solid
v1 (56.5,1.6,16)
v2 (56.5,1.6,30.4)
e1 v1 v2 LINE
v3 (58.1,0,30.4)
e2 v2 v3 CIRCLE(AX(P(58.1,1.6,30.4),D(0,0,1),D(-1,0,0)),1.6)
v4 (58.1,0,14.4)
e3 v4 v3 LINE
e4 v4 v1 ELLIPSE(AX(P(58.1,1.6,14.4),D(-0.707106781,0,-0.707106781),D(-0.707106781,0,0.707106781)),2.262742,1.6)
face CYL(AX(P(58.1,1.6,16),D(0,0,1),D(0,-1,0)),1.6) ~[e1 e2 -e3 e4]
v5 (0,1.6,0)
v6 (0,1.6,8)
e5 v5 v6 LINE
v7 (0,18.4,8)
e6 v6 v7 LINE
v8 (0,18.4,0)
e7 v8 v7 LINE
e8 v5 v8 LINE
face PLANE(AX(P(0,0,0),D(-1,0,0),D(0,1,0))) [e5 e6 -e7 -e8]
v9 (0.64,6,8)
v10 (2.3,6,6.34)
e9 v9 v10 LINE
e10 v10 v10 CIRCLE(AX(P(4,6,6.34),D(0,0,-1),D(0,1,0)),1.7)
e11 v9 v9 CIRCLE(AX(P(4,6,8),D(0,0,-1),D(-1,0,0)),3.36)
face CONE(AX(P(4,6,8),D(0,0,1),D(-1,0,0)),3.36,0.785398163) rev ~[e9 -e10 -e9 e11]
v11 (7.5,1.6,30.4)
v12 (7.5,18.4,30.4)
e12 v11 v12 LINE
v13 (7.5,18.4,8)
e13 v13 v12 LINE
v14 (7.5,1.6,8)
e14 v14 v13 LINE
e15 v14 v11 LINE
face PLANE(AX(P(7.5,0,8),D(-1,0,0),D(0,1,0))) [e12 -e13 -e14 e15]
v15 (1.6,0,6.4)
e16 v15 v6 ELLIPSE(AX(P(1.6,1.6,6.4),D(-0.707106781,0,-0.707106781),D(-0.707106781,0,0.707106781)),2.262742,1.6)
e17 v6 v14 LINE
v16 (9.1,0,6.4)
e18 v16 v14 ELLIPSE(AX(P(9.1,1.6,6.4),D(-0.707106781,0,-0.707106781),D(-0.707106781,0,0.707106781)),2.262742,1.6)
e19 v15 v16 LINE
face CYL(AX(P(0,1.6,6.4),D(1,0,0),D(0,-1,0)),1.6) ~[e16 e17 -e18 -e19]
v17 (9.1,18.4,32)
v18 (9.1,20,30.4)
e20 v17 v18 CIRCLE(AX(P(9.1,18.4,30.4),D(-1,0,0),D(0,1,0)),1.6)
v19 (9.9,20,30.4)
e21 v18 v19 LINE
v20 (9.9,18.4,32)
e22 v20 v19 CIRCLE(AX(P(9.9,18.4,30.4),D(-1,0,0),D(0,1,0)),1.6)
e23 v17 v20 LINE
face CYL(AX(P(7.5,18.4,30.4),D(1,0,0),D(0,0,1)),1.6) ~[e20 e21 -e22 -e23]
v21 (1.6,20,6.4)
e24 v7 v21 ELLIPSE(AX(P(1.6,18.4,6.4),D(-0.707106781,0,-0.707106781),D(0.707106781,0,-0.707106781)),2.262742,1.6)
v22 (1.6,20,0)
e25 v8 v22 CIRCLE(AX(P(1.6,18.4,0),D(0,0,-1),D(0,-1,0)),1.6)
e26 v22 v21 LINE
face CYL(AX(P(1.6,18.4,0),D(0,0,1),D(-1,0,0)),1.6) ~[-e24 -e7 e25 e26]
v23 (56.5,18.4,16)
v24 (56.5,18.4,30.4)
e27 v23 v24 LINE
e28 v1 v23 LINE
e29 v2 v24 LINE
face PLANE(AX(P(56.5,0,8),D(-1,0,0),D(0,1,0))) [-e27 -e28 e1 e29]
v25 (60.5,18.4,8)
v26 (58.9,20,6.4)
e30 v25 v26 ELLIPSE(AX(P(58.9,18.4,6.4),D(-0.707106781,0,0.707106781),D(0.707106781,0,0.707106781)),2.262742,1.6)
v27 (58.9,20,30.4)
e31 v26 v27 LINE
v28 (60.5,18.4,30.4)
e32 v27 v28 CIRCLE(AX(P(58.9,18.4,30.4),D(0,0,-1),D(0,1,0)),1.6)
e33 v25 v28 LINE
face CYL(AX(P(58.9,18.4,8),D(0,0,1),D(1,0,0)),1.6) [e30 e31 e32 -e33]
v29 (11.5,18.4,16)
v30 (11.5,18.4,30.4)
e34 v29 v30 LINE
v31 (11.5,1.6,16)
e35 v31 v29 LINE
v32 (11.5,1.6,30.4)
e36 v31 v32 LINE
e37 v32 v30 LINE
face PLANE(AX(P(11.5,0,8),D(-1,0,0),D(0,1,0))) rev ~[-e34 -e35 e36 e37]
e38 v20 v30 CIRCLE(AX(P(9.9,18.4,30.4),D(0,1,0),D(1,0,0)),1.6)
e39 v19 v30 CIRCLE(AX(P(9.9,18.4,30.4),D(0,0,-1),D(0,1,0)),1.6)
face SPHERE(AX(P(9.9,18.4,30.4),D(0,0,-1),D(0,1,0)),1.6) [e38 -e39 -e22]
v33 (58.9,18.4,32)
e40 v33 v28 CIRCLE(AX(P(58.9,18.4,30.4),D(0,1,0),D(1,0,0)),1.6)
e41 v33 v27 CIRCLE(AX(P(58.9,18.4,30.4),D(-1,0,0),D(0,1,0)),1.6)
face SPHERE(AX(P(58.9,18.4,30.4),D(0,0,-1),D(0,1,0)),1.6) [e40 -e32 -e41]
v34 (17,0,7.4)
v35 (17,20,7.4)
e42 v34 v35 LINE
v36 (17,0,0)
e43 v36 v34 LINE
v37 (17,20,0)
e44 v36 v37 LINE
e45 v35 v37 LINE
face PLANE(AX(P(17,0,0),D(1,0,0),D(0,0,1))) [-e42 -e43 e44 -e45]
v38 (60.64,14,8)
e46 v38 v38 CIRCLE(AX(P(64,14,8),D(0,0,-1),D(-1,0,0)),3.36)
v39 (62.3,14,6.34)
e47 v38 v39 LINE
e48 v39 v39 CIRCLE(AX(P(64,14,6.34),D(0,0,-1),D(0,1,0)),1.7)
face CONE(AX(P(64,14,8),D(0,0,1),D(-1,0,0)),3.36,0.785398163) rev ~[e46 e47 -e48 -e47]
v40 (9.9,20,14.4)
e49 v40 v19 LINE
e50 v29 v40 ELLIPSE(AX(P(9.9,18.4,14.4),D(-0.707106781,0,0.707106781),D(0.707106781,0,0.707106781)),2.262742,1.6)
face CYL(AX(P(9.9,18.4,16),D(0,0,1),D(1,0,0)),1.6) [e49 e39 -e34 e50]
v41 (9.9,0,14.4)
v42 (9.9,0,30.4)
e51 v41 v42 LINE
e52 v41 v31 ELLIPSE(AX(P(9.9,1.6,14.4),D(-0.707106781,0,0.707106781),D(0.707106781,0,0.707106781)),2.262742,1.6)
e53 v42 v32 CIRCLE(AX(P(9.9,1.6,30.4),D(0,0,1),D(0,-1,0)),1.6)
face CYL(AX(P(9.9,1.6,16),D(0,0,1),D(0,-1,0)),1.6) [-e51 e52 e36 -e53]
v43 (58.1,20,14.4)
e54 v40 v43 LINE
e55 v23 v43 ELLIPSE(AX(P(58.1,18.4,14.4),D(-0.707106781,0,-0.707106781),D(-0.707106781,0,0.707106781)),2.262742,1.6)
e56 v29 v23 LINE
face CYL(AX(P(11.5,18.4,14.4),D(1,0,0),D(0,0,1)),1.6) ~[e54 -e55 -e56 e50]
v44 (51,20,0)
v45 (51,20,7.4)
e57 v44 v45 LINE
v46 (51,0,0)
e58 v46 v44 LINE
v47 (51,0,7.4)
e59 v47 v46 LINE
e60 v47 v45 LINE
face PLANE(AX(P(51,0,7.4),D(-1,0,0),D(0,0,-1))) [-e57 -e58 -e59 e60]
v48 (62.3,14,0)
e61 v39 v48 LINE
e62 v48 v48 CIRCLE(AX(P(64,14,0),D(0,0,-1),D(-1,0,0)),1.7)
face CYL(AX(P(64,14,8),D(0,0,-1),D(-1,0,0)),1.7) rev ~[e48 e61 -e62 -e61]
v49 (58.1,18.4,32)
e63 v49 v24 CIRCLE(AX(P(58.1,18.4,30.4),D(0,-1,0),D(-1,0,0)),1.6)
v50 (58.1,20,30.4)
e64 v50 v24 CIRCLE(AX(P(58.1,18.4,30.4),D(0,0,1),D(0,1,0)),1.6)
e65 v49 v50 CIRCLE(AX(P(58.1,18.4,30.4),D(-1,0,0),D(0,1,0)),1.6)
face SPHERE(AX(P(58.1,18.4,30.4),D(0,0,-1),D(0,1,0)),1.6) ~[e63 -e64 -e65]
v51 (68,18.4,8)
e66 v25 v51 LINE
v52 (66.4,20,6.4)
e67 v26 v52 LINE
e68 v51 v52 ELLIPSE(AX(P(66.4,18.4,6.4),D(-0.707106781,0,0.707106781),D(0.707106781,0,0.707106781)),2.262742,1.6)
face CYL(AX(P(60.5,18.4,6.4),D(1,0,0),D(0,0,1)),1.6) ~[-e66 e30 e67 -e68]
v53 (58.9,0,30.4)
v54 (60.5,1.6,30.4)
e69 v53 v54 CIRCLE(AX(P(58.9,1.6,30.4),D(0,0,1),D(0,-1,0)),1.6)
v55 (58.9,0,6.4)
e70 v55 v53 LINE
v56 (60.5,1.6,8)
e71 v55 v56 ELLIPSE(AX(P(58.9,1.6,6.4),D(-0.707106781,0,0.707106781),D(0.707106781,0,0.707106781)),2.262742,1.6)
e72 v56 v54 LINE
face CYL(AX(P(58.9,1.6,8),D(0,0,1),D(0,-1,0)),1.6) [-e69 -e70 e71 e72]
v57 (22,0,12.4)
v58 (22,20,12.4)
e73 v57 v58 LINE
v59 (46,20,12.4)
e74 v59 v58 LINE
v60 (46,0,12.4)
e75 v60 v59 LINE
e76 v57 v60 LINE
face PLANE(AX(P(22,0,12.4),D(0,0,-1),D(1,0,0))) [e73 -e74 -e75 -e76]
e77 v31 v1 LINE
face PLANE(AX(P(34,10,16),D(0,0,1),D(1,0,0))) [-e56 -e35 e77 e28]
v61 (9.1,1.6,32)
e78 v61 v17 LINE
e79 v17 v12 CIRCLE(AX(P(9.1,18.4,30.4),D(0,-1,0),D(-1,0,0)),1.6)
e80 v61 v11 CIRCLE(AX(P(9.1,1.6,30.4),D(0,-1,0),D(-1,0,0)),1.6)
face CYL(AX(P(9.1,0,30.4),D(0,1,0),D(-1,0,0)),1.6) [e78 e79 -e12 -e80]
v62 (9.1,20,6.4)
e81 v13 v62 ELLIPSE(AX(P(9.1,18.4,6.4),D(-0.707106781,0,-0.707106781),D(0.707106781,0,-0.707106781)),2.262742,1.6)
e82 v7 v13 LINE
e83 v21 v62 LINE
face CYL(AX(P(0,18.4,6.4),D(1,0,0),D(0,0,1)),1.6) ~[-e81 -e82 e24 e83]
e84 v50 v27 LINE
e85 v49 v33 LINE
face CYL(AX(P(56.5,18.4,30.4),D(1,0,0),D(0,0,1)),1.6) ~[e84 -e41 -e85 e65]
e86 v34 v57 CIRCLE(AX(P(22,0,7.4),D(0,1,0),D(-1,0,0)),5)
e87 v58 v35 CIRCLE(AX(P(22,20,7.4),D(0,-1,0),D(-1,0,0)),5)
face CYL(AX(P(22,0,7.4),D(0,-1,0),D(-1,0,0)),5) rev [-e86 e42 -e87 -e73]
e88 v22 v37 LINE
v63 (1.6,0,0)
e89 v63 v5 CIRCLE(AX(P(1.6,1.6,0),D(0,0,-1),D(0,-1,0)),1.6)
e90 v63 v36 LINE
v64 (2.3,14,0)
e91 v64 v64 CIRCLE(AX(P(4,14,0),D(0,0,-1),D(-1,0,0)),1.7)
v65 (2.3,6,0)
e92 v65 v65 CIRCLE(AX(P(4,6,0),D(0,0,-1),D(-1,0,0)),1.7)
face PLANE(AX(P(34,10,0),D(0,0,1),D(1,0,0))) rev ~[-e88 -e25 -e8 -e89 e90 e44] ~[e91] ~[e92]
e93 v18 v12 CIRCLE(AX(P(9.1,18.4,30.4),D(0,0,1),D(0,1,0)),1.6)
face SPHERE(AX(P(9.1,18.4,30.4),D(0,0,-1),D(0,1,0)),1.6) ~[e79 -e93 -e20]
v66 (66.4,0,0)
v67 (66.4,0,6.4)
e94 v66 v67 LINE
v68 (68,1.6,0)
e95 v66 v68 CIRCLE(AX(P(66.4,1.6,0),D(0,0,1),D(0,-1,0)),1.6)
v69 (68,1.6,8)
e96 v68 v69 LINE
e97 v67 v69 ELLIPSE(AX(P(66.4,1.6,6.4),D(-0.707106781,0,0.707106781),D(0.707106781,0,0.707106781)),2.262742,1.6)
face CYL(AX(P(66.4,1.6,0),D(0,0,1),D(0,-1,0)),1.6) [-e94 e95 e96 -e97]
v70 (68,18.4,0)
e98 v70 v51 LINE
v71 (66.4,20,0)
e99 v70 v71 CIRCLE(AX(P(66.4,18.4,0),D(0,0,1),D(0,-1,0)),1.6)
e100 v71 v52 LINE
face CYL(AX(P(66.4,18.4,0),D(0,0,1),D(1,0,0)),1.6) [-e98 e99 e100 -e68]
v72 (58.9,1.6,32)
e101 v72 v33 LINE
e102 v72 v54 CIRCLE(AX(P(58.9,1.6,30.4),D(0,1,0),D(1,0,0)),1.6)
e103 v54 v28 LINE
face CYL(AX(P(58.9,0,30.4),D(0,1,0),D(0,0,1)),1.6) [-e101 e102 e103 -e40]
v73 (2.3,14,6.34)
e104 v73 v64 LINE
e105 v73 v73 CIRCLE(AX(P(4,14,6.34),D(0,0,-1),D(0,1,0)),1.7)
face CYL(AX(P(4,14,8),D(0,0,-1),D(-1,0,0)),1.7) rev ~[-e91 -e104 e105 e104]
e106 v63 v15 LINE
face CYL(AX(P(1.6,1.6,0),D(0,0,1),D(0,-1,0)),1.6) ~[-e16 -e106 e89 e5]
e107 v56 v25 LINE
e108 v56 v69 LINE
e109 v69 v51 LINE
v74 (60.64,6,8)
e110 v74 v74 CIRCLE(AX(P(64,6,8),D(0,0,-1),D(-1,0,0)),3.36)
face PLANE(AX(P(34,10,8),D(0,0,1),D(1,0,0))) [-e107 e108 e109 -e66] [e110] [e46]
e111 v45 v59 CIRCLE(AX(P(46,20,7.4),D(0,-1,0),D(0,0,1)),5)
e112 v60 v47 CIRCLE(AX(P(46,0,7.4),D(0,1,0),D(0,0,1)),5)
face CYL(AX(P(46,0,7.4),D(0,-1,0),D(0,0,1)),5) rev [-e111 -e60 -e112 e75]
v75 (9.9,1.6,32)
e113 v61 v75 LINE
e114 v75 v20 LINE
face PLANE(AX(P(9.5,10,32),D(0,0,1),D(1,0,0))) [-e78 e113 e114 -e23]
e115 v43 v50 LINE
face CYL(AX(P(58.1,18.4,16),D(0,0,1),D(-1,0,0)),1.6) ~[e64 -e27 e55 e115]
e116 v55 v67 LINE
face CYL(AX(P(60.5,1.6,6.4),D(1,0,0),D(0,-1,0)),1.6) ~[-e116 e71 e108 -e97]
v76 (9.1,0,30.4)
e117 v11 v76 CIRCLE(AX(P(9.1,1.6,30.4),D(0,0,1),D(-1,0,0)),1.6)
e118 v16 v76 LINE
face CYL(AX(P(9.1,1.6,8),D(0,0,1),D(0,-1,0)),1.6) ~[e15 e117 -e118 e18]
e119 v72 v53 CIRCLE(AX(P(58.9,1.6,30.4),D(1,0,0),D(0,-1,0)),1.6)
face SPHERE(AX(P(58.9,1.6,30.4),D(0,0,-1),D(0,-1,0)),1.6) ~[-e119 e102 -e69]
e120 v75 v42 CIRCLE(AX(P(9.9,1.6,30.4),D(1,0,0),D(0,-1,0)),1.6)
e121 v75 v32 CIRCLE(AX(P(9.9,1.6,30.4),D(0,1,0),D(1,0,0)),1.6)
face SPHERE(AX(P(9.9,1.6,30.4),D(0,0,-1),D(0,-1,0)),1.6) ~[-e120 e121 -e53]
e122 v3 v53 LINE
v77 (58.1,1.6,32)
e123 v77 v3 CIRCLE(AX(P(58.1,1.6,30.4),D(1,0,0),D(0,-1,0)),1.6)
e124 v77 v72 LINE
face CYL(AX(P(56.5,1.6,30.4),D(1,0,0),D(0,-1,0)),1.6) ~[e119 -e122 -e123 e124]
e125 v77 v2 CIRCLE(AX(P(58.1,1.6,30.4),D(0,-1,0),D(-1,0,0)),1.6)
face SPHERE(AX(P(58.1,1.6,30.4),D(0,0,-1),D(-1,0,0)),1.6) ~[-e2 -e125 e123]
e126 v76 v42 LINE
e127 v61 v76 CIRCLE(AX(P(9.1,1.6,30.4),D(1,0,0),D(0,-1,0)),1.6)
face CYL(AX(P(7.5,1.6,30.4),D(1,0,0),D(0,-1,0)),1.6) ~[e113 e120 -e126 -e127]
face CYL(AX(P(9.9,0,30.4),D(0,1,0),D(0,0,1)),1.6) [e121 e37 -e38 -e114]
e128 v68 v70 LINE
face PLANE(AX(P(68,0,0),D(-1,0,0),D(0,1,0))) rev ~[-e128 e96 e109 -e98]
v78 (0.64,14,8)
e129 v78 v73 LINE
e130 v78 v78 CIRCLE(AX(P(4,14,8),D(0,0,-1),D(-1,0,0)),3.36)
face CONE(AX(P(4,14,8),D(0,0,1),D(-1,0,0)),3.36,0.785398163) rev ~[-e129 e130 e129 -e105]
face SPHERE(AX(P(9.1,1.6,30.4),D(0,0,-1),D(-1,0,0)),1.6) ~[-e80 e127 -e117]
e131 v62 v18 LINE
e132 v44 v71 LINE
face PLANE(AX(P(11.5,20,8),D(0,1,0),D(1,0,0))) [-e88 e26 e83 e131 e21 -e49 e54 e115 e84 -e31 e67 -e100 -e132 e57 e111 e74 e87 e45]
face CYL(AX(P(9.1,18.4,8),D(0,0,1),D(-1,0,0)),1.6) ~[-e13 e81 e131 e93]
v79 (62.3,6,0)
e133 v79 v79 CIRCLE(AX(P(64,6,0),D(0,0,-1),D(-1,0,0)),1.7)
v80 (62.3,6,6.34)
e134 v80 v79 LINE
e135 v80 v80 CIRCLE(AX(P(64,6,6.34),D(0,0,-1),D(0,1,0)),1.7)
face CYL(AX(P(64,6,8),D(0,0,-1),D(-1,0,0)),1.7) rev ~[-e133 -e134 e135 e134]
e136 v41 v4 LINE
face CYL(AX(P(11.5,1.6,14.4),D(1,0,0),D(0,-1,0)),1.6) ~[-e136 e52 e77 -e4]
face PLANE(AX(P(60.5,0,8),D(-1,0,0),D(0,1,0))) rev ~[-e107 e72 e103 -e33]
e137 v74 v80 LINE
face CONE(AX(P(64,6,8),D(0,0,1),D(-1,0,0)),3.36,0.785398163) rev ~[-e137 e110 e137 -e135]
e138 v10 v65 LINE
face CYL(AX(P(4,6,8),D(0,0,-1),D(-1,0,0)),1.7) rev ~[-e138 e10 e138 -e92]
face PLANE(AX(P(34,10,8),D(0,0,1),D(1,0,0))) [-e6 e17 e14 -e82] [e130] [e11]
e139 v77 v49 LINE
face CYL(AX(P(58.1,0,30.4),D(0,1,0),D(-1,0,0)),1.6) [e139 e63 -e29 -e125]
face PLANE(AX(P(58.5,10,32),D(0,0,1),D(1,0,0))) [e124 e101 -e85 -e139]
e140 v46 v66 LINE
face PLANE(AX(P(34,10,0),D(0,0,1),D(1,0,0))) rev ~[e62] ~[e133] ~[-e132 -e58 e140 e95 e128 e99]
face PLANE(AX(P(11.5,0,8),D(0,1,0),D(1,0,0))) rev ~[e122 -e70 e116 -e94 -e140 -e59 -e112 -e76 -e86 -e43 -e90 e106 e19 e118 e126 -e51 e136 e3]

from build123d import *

# Parameters (mm, degrees)
ESBO_O1_W                                           = 68
ESBO_O1_H                                           = 20
RESSALTO_EXTRUS_O1_DEPTH                            = 8
ESCAREADO_PARA_PARAFUSO_ALLEN_SEXTAVADO_D           = 3.4
ESCAREADO_PARA_PARAFUSO_ALLEN_SEXTAVADO_CSINK_D     = 6.72
ESCAREADO_PARA_PARAFUSO_ALLEN_SEXTAVADO_CSINK_ANGLE = 90
ESBO_O4_W                                           = 4
ESBO_O4_H                                           = 20
RESSALTO_EXTRUS_O2_DEPTH                            = 24
ESBO_O5_W                                           = 45
ESBO_O5_H                                           = 20
RESSALTO_EXTRUS_O3_DEPTH                            = 8
FILETE1_R                                           = 1.6
CORTE_EXTRUS_O1_DEPTH                               = 78.768888381


with BuildPart() as part:
    # Esboço1 → Ressalto-extrusão1 (new body)
    with BuildSketch(Plane.XY):
        with Locations((34, 10)):
            Rectangle(ESBO_O1_W, ESBO_O1_H)
    extrude(amount=RESSALTO_EXTRUS_O1_DEPTH)

    # Escareado para parafuso Allen sextavado escareado de M31 (through all)
    with Locations(Plane(origin=(4, 14, 8), x_dir=(1, 0, 0), z_dir=(0, 0, 1))):
        with Locations((0, 0), (0, -8), (60, 0), (60, -8)):
            CounterSinkHole(ESCAREADO_PARA_PARAFUSO_ALLEN_SEXTAVADO_D / 2, ESCAREADO_PARA_PARAFUSO_ALLEN_SEXTAVADO_CSINK_D / 2, counter_sink_angle=ESCAREADO_PARA_PARAFUSO_ALLEN_SEXTAVADO_CSINK_ANGLE)

    # Esboço4 → Ressalto-extrusão2 (add)
    with BuildSketch(Plane.XY.offset(8)):
        with Locations((9.5, 10)):
            Rectangle(ESBO_O4_W, ESBO_O4_H)
        with Locations((58.5, 10)):
            Rectangle(ESBO_O4_W, ESBO_O4_H)
    extrude(amount=RESSALTO_EXTRUS_O2_DEPTH)

    # Esboço5 → Ressalto-extrusão3 (add)
    with BuildSketch(Plane.XY.offset(8)):
        with Locations((34, 10)):
            Rectangle(ESBO_O5_W, ESBO_O5_H)
    extrude(amount=RESSALTO_EXTRUS_O3_DEPTH)

    # Filete1
    filete1_edges = [part.edges().sort_by_distance(p)[0] for p in [
        (64.25, 20, 8),
        (64.25, 0, 8),
        (60.5, 20, 20),
        (56.5, 20, 24),
        (56.5, 0, 24),
        (60.5, 0, 20),
        (58.5, 20, 32),
        (56.5, 10, 32),
        (58.5, 0, 32),
        (60.5, 10, 32),
        (3.75, 20, 8),
        (11.5, 20, 24),
        (7.5, 20, 20),
        (7.5, 0, 20),
        (11.5, 0, 24),
        (9.5, 20, 32),
        (7.5, 10, 32),
        (9.5, 0, 32),
        (11.5, 10, 32),
        (34, 20, 16),
        (34, 0, 16),
        (0, 20, 4),
        (68, 20, 4),
        (68, 0, 4),
        (0, 0, 4),
        (3.75, 0, 8),
    ]]
    fillet(filete1_edges, radius=FILETE1_R)

    # Esboço6 → Corte-extrusão1 (cut, through all)
    with BuildSketch(Plane.XZ):
        with BuildLine():
            Line((17, 6.4), (17, 7.4))
            ThreePointArc((17, 7.4), (18.464466094, 10.935533906), (22, 12.4))
            Line((22, 12.4), (46, 12.4))
            ThreePointArc((46, 12.4), (49.535533906, 10.935533906), (51, 7.4))
            Line((51, 7.4), (51, 6.4))
            Line((51, 6.4), (51, 0))
            Line((51, 0), (17, 0))
            Line((17, 0), (17, 6.4))
        make_face()
    extrude(amount=-CORTE_EXTRUS_O1_DEPTH, mode=Mode.SUBTRACT)


solid = part.part
